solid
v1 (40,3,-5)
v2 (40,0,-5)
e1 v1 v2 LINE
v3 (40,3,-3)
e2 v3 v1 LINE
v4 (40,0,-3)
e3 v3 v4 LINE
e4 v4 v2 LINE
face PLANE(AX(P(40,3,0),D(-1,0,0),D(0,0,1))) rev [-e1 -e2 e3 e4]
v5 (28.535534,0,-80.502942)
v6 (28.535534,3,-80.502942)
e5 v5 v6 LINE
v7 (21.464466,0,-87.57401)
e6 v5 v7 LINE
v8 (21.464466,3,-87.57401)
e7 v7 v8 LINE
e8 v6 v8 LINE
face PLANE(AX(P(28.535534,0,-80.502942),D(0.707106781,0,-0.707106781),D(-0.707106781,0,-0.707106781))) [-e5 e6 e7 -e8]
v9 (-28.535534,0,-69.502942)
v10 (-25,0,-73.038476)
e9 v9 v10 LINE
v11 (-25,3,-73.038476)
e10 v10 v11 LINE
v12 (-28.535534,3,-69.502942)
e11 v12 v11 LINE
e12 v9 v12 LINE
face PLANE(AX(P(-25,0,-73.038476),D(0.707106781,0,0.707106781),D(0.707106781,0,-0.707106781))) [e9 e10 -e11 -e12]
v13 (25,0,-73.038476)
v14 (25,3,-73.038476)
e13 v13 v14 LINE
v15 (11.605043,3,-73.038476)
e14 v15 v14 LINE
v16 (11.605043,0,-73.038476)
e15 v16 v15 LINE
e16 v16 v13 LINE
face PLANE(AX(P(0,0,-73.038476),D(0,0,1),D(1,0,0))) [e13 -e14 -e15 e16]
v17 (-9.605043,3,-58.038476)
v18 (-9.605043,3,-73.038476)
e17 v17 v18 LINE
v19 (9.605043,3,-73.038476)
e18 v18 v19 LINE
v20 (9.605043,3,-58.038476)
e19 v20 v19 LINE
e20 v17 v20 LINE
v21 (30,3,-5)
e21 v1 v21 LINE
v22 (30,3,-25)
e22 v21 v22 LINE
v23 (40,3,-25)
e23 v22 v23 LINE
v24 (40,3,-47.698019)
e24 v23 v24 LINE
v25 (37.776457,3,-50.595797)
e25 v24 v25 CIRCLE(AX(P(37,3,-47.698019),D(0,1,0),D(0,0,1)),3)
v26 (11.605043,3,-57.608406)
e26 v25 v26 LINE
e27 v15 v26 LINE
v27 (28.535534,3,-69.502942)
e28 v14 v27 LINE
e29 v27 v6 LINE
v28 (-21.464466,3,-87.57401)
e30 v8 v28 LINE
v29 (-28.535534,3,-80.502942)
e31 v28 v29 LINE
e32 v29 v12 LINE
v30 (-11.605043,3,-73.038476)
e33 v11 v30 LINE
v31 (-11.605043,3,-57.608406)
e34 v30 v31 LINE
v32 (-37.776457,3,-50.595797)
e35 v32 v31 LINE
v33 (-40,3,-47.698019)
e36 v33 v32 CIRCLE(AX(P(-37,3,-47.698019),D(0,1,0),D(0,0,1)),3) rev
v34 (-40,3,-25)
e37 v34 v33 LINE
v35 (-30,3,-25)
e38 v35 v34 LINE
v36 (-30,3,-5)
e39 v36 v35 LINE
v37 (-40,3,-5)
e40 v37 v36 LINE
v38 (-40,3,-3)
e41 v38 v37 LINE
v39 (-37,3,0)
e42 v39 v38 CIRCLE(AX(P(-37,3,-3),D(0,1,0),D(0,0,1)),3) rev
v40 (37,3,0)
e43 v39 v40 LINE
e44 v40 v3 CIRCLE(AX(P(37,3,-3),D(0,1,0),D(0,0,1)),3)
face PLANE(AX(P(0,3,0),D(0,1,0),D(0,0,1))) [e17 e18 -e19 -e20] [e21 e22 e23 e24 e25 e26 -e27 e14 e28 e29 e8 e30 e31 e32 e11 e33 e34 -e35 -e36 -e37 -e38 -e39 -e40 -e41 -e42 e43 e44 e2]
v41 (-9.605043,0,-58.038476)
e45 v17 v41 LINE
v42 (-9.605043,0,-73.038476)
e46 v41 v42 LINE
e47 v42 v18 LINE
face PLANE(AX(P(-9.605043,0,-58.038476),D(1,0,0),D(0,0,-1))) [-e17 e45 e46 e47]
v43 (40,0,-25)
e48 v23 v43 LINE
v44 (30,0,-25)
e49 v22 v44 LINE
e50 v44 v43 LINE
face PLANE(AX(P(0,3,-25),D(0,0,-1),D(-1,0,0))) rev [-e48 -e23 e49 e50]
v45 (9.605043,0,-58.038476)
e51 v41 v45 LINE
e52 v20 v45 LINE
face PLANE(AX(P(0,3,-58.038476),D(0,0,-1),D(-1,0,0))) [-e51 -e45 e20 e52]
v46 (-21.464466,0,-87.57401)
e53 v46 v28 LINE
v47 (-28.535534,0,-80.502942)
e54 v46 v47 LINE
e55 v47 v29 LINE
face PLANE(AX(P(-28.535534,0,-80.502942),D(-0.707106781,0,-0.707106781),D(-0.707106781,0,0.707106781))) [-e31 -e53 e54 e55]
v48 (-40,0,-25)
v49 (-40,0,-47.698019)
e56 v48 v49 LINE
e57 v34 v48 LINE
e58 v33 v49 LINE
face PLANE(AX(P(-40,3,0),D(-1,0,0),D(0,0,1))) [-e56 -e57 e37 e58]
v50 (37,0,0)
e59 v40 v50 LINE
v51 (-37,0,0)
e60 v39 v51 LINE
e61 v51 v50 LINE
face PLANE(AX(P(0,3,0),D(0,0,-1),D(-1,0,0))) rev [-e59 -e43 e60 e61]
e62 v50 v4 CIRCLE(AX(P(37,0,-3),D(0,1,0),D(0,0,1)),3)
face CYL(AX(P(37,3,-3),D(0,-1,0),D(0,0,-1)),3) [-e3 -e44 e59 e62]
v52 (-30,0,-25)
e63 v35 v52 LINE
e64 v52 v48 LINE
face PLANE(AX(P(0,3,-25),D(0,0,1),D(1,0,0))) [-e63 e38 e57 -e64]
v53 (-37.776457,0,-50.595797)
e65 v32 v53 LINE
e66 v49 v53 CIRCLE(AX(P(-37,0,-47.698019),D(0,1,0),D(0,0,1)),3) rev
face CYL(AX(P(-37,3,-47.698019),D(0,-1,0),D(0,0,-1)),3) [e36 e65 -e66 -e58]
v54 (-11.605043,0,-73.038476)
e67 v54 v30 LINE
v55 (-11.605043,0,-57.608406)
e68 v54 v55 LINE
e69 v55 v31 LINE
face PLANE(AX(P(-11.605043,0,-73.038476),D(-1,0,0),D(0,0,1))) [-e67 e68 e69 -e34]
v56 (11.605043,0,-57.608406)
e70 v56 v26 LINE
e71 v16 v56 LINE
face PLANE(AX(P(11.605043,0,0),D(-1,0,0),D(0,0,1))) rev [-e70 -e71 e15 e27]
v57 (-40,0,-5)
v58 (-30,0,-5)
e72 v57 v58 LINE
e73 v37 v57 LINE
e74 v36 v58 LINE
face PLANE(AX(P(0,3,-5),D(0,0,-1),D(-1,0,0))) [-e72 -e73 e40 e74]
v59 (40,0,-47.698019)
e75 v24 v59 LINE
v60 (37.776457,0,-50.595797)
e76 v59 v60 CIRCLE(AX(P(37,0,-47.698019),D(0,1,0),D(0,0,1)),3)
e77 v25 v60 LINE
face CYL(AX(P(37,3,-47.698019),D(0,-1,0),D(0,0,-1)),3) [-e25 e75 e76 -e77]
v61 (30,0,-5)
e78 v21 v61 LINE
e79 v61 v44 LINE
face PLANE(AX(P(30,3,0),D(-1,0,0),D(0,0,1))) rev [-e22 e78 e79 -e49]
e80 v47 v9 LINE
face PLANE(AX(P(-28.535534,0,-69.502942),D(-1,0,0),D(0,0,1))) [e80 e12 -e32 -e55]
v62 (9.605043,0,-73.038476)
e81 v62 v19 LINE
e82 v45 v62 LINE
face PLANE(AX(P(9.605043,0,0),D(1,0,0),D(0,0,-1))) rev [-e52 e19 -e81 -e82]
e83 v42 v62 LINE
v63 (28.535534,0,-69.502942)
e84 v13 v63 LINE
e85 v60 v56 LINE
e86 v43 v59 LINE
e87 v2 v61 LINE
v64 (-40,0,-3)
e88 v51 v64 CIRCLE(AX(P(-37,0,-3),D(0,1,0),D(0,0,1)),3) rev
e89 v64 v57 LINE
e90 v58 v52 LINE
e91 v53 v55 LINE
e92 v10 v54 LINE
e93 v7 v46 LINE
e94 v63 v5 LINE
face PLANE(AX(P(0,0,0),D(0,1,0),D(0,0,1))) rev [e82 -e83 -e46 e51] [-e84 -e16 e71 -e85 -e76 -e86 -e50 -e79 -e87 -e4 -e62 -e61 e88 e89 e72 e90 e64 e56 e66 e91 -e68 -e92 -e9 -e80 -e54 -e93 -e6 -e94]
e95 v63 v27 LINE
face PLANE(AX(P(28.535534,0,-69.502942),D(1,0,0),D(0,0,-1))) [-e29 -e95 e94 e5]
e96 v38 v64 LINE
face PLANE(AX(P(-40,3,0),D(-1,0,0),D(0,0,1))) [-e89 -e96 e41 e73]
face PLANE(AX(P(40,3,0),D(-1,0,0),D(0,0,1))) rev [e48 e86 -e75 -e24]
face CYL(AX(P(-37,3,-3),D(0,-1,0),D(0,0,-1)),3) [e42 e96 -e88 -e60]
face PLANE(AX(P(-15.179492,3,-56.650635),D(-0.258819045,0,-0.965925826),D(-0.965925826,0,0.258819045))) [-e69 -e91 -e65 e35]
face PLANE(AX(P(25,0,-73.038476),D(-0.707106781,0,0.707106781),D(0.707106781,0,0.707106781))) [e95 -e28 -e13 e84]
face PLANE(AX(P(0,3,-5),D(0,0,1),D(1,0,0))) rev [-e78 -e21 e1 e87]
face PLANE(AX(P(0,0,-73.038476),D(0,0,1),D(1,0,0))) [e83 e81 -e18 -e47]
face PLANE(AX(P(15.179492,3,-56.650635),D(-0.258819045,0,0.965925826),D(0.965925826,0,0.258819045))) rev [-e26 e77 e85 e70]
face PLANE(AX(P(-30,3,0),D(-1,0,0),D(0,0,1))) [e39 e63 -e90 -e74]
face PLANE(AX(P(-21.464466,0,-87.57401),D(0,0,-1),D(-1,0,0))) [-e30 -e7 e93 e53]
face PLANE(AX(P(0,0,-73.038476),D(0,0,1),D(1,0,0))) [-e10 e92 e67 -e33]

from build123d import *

# Parameters (mm, degrees)
BOSS_EXTRUDE1_DEPTH = 3
BOSS_EXTRUDE2_DEPTH = 3
BOSS_EXTRUDE3_DEPTH = 3


with BuildPart() as part:
    # Sketch1 → Boss-Extrude1 (new body)
    with BuildSketch(Plane(origin=(0, 0, 0), x_dir=(1, 0, 0), z_dir=(0, 1, 0))):
        with BuildLine():
            Line((9.605042507, 58.038475773), (-9.605042507, 58.038475773))
            ThreePointArc((-9.605042507, 58.038475773), (-9.996621084, 58.012810357), (-10.381499643, 57.936253252))
            Line((-10.381499643, 57.936253252), (-37.776457135, 50.595796515))
            ThreePointArc((-37.776457135, 50.595796515), (-39.380060021, 49.524303323), (-40, 47.698019036))
            Line((-40, 47.698019036), (-40, 25))
            Line((-40, 25), (-30, 25))
            Line((-30, 25), (-30, 5))
            Line((-30, 5), (-40, 5))
            Line((-40, 5), (-40, 3))
            ThreePointArc((-40, 3), (-39.121320344, 0.878679656), (-37, 0))
            Line((-37, 0), (37, 0))
            ThreePointArc((37, 0), (39.121320344, 0.878679656), (40, 3))
            Line((40, 3), (40, 5))
            Line((40, 5), (30, 5))
            Line((30, 5), (30, 25))
            Line((30, 25), (40, 25))
            Line((40, 25), (40, 47.698019036))
            ThreePointArc((40, 47.698019036), (39.380060021, 49.524303323), (37.776457135, 50.595796515))
            Line((37.776457135, 50.595796515), (10.381499643, 57.936253252))
            ThreePointArc((10.381499643, 57.936253252), (9.996621084, 58.012810357), (9.605042507, 58.038475773))
        make_face()
    extrude(amount=BOSS_EXTRUDE1_DEPTH)

    # Sketch3 → Boss-Extrude2 (add)
    with BuildSketch(Plane(origin=(0, 3, 0), x_dir=(1, 0, 0), z_dir=(0, 1, 0))):
        Polygon((-11.605042507, 57.608405929), (-9.605042507, 58.038475773), (-9.605042507, 73.038475773), (-11.605042507, 73.038475773), align=None)
        Polygon((9.605042507, 73.038475773), (9.605042507, 58.038475773), (11.605042507, 57.608405929), (11.605042507, 73.038475773), align=None)
    extrude(amount=-BOSS_EXTRUDE2_DEPTH)

    # Sketch4 → Boss-Extrude3 (add)
    with BuildSketch(Plane(origin=(0, 3, 0), x_dir=(1, 0, 0), z_dir=(0, 1, 0))):
        Polygon((0, 73.038475773), (-25, 73.038475773), (-28.535533906, 69.502941867), (-28.535533906, 80.502941867), (-21.464466094, 87.574009679), (21.464466094, 87.574009679), (28.535533906, 80.502941867), (28.535533906, 69.502941867), (25, 73.038475773), align=None)
    extrude(amount=-BOSS_EXTRUDE3_DEPTH)


solid = part.part
